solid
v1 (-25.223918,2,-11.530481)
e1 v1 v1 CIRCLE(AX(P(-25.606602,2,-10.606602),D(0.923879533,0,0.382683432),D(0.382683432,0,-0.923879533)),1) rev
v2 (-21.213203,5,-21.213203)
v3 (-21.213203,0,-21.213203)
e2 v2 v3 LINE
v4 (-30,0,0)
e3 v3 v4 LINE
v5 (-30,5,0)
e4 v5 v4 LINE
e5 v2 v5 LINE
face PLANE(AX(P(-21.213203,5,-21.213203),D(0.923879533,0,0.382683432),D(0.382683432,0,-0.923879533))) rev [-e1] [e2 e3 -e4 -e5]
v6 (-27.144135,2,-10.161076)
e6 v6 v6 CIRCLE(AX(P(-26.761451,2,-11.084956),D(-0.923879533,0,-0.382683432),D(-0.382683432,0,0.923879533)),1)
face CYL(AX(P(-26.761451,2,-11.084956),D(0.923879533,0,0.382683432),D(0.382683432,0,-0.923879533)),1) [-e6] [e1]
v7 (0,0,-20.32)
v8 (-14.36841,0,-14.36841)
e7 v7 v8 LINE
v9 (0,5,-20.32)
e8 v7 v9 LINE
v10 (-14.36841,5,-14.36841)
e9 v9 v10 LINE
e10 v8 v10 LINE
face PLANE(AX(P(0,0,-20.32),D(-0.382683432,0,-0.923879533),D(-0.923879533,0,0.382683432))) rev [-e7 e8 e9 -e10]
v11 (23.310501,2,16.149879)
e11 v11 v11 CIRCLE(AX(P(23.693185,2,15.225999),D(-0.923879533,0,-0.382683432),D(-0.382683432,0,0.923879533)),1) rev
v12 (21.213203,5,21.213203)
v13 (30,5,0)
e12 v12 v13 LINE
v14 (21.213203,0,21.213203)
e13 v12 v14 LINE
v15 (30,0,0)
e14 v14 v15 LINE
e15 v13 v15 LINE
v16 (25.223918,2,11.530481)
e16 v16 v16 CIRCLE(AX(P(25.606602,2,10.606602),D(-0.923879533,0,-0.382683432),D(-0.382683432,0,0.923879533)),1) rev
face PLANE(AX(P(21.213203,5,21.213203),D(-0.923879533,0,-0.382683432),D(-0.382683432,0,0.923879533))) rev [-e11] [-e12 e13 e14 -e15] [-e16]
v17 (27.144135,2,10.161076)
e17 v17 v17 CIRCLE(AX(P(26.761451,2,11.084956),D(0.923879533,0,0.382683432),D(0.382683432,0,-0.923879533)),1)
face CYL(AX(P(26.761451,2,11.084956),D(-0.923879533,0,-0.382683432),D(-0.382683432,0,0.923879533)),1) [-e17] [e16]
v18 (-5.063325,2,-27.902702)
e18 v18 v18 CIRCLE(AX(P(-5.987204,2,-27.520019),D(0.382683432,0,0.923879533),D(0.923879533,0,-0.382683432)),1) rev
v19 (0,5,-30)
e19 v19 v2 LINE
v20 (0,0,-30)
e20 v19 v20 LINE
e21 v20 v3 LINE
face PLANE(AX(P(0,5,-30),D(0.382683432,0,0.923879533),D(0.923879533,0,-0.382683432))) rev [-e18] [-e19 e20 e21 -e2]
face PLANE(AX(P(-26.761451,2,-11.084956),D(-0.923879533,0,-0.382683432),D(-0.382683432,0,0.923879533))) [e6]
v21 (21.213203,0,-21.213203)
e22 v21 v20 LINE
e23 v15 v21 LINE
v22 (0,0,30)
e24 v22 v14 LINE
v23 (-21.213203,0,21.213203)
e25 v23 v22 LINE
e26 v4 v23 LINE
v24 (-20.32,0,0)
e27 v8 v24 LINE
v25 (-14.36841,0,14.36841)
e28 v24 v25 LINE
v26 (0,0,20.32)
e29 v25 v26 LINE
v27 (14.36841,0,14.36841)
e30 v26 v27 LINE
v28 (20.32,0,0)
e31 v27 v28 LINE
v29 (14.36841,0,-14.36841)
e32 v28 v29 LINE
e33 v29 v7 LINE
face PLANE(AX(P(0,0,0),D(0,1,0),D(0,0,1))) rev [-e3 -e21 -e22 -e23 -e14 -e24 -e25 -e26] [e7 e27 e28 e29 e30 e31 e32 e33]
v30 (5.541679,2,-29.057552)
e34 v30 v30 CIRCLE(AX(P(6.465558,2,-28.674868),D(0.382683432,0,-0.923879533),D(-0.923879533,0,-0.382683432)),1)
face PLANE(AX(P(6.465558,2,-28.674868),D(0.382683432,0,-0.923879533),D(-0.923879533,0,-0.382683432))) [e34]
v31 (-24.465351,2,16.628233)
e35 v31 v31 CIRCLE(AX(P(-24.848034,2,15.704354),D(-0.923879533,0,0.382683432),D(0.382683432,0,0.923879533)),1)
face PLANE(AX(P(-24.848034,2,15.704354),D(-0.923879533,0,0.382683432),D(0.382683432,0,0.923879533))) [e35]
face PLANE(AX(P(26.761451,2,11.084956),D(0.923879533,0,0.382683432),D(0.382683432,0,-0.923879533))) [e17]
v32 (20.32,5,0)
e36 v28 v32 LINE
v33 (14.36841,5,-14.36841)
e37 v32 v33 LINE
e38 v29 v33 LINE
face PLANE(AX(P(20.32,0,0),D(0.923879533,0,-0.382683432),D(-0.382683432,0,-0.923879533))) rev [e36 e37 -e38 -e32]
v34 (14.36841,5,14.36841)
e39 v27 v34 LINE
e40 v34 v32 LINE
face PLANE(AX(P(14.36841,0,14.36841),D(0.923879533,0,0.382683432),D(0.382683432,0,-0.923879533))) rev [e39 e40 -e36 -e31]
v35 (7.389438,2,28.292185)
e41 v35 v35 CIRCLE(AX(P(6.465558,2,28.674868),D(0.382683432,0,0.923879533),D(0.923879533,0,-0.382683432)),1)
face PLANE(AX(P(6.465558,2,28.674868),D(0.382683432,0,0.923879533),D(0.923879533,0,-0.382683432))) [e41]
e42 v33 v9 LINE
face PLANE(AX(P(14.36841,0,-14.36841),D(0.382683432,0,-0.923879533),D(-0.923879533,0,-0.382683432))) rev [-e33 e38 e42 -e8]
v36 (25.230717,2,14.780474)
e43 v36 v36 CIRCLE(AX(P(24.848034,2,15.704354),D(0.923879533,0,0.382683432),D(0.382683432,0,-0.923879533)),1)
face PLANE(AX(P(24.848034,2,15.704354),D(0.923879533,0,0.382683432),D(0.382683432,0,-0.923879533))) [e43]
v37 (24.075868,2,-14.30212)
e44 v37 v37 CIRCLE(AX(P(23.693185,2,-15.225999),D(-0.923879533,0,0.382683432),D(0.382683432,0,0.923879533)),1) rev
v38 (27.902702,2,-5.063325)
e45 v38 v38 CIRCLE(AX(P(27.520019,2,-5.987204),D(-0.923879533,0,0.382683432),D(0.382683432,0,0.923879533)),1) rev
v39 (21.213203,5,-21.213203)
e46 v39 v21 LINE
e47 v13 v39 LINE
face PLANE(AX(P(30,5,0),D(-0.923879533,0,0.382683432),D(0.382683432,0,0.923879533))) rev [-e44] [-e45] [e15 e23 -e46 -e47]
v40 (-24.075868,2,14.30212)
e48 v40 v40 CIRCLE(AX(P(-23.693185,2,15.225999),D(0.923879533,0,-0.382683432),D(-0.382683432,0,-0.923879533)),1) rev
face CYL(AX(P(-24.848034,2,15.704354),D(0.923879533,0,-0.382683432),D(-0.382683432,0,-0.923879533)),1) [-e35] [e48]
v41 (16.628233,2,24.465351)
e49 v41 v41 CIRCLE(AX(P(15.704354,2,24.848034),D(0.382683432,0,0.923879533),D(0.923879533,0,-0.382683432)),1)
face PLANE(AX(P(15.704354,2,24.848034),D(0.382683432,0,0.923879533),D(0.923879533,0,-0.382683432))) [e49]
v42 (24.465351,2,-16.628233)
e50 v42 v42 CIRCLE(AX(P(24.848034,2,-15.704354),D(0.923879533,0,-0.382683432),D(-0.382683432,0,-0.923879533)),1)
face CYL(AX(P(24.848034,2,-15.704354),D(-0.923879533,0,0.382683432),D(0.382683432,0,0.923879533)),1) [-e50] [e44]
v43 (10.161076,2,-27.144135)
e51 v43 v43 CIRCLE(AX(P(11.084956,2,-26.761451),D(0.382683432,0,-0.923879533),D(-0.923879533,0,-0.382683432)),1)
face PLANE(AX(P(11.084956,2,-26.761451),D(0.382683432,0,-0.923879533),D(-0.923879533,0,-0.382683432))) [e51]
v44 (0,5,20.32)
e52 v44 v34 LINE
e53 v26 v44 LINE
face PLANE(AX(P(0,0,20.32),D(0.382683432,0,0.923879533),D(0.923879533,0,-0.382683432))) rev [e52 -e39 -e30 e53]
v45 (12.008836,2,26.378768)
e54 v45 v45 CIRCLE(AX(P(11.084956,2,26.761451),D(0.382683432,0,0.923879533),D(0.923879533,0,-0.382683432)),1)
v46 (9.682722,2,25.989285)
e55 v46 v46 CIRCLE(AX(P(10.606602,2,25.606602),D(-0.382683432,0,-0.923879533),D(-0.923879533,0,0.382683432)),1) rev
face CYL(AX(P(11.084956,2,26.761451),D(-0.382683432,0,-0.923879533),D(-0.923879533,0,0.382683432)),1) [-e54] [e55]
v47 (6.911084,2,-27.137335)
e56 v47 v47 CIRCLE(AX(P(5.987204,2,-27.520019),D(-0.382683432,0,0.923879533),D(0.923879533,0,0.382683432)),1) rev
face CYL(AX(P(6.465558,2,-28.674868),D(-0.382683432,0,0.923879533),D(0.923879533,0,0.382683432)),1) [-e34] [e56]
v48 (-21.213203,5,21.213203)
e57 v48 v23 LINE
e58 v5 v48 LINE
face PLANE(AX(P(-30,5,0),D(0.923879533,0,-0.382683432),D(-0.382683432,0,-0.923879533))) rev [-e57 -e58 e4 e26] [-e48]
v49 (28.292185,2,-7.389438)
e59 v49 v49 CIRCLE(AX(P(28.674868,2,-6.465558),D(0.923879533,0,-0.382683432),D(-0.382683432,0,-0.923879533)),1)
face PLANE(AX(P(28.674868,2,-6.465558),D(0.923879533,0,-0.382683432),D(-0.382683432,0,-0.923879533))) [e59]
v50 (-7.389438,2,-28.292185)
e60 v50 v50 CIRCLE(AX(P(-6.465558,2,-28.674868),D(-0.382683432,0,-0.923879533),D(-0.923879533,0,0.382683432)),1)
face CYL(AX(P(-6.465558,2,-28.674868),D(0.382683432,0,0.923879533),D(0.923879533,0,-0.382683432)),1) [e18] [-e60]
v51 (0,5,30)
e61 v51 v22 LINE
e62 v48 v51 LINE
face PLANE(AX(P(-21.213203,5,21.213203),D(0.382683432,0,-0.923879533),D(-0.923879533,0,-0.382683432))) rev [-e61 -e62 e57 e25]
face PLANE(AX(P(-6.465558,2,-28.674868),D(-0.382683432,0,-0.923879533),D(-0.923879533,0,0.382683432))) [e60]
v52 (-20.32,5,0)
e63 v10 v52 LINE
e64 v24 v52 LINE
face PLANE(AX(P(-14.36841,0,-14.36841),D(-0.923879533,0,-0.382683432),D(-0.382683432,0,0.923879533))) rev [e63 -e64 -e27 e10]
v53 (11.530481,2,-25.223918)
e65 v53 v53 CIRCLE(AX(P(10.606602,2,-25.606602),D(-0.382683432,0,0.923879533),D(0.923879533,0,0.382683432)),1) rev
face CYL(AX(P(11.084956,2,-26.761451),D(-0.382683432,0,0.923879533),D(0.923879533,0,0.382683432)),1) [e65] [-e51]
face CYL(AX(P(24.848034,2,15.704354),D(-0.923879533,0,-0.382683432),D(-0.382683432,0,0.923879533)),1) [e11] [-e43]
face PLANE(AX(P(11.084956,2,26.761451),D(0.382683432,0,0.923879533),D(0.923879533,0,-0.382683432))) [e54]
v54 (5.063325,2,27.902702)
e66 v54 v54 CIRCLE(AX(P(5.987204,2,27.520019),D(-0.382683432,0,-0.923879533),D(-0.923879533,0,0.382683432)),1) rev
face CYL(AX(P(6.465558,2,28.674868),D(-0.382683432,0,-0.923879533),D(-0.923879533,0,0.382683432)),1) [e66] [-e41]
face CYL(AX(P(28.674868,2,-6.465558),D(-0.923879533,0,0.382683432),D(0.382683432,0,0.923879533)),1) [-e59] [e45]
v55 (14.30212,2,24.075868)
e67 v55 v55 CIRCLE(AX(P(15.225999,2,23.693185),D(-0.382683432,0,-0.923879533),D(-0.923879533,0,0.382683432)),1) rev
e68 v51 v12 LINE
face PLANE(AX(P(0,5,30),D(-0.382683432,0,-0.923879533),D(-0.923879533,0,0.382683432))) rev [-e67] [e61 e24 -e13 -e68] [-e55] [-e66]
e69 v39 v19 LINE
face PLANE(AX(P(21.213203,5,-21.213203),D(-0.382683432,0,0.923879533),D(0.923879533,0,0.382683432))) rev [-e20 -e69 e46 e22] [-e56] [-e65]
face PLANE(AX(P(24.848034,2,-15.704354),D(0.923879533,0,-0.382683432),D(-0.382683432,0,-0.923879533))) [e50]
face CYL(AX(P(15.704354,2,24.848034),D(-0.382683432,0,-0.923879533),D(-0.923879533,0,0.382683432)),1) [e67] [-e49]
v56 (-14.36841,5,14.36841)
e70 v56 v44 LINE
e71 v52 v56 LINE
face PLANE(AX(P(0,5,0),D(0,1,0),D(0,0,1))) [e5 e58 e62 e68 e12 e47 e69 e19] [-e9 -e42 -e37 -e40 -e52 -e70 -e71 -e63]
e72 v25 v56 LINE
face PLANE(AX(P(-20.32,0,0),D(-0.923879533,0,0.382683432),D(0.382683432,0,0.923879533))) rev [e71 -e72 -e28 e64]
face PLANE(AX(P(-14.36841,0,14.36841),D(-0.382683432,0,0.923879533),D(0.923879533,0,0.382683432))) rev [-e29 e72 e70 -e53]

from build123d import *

# Parameters (mm, degrees)
BOSS_EXTRUDE1_DEPTH  = 5
CUT_EXTRUDE1_DEPTH   = 5
SKETCH6_R            = 1
BOSS_EXTRUDE5_DEPTH  = 1.25
SKETCH7_R            = 1
BOSS_EXTRUDE6_DEPTH  = 1.25
SKETCH8_R            = 1
BOSS_EXTRUDE7_DEPTH  = 1.25
BOSS_EXTRUDE8_START  = 1.25
SKETCH9_R            = 1
BOSS_EXTRUDE8_DEPTH  = 1.25
SKETCH10_R           = 1
BOSS_EXTRUDE9_DEPTH  = 1.25
BOSS_EXTRUDE10_START = 1.25
SKETCH11_R           = 1
BOSS_EXTRUDE10_DEPTH = 1.25
BOSS_EXTRUDE11_START = 1.25
SKETCH12_R           = 1
BOSS_EXTRUDE11_DEPTH = 1.25


with BuildPart() as part:
    # Sketch3 → Boss-Extrude1 (new body)
    with BuildSketch(Plane(origin=(0, 0, 0), x_dir=(1, 0, 0), z_dir=(0, 1, 0))):
        Polygon((30, 0), (21.213203436, 21.213203436), (0, 30), (-21.213203436, 21.213203436), (-30, 0), (-21.213203436, -21.213203436), (0, -30), (21.213203436, -21.213203436), align=None)
    extrude(amount=BOSS_EXTRUDE1_DEPTH)

    # Sketch5 → Cut-Extrude1 (cut)
    with BuildSketch(Plane(origin=(0, 5, 0), x_dir=(1, 0, 0), z_dir=(0, 1, 0))):
        Polygon((20.32, 0), (14.368409794, 14.368409794), (0, 20.32), (-14.368409794, 14.368409794), (-20.32, 0), (-14.368409794, -14.368409794), (0, -20.32), (14.368409794, -14.368409794), align=None)
    extrude(amount=-CUT_EXTRUDE1_DEPTH, mode=Mode.SUBTRACT)

    # Sketch6 → Boss-Extrude5 (add)
    with BuildSketch(Plane(origin=(10.606601718, 0, 25.606601718), x_dir=(0.9238795325112827, 0, -0.38268343236509966), z_dir=(0.38268343236509966, 0, 0.9238795325112827))):
        with Locations(Location((0, 2, 0), (0, 0, 180))):
            Circle(SKETCH6_R)
        with Locations(Location((-5, 2, 0), (0, 0, 180))):
            Circle(SKETCH6_R)
        with Locations(Location((5, 2, 0), (0, 0, 180))):
            Circle(SKETCH6_R)
    extrude(amount=BOSS_EXTRUDE5_DEPTH)

    # Sketch7 → Boss-Extrude6 (add)
    with BuildSketch(Plane(origin=(-25.606601718, 0, 10.606601718), x_dir=(0.3826834323650997, 0, 0.9238795325112827), z_dir=(-0.9238795325112827, 0, 0.3826834323650997))):
        with Locations(Location((5, 2, 0), (0, 0, 180))):
            Circle(SKETCH7_R)
    extrude(amount=BOSS_EXTRUDE6_DEPTH)

    # Sketch8 → Boss-Extrude7 (add)
    with BuildSketch(Plane(origin=(-25.606601718, 0, -10.606601718), x_dir=(-0.3826834323650795, 0, 0.9238795325112911), z_dir=(-0.9238795325112911, 0, -0.3826834323650795))):
        with Locations(Location((0, 2, 0), (0, 0, 180))):
            Circle(SKETCH8_R)
    extrude(amount=BOSS_EXTRUDE7_DEPTH)

    # Sketch9 → Boss-Extrude8 (add)
    with BuildSketch(Plane(origin=(-10.606601718, 0, -25.606601718), x_dir=(-0.9238795325112826, 0, 0.38268343236509983), z_dir=(-0.38268343236509983, 0, -0.9238795325112826)).offset(BOSS_EXTRUDE8_START)):
        with Locations((-5, 2)):
            Circle(SKETCH9_R)
    extrude(amount=-BOSS_EXTRUDE8_DEPTH)

    # Sketch10 → Boss-Extrude9 (add)
    with BuildSketch(Plane(origin=(10.606601718, 0, -25.606601718), x_dir=(-0.923879532511291, 0, -0.38268343236507973), z_dir=(0.38268343236507973, 0, -0.923879532511291))):
        with Locations(Location((0, 2, 0), (0, 0, 180))):
            Circle(SKETCH10_R)
        with Locations(Location((5, 2, 0), (0, 0, 180))):
            Circle(SKETCH10_R)
    extrude(amount=BOSS_EXTRUDE9_DEPTH)

    # Sketch11 → Boss-Extrude10 (add)
    with BuildSketch(Plane(origin=(25.606601718, 0, -10.606601718), x_dir=(-0.3826834323651001, 0, -0.9238795325112825), z_dir=(0.9238795325112824, 0, -0.38268343236510005)).offset(BOSS_EXTRUDE10_START)):
        with Locations(Location((5, 2, 0), (0, 0, 180))):
            Circle(SKETCH11_R)
        with Locations((-5, 2)):
            Circle(SKETCH11_R)
    extrude(amount=-BOSS_EXTRUDE10_DEPTH)

    # Sketch12 → Boss-Extrude11 (add)
    with BuildSketch(Plane(origin=(25.606601718, 0, 10.606601718), x_dir=(0.3826834323650795, 0, -0.923879532511291), z_dir=(0.9238795325112911, 0, 0.38268343236507957)).offset(BOSS_EXTRUDE11_START)):
        with Locations((0, 2)):
            Circle(SKETCH12_R)
        with Locations(Location((-5, 2, 0), (0, 0, 180))):
            Circle(SKETCH12_R)
    extrude(amount=-BOSS_EXTRUDE11_DEPTH)


solid = part.part
